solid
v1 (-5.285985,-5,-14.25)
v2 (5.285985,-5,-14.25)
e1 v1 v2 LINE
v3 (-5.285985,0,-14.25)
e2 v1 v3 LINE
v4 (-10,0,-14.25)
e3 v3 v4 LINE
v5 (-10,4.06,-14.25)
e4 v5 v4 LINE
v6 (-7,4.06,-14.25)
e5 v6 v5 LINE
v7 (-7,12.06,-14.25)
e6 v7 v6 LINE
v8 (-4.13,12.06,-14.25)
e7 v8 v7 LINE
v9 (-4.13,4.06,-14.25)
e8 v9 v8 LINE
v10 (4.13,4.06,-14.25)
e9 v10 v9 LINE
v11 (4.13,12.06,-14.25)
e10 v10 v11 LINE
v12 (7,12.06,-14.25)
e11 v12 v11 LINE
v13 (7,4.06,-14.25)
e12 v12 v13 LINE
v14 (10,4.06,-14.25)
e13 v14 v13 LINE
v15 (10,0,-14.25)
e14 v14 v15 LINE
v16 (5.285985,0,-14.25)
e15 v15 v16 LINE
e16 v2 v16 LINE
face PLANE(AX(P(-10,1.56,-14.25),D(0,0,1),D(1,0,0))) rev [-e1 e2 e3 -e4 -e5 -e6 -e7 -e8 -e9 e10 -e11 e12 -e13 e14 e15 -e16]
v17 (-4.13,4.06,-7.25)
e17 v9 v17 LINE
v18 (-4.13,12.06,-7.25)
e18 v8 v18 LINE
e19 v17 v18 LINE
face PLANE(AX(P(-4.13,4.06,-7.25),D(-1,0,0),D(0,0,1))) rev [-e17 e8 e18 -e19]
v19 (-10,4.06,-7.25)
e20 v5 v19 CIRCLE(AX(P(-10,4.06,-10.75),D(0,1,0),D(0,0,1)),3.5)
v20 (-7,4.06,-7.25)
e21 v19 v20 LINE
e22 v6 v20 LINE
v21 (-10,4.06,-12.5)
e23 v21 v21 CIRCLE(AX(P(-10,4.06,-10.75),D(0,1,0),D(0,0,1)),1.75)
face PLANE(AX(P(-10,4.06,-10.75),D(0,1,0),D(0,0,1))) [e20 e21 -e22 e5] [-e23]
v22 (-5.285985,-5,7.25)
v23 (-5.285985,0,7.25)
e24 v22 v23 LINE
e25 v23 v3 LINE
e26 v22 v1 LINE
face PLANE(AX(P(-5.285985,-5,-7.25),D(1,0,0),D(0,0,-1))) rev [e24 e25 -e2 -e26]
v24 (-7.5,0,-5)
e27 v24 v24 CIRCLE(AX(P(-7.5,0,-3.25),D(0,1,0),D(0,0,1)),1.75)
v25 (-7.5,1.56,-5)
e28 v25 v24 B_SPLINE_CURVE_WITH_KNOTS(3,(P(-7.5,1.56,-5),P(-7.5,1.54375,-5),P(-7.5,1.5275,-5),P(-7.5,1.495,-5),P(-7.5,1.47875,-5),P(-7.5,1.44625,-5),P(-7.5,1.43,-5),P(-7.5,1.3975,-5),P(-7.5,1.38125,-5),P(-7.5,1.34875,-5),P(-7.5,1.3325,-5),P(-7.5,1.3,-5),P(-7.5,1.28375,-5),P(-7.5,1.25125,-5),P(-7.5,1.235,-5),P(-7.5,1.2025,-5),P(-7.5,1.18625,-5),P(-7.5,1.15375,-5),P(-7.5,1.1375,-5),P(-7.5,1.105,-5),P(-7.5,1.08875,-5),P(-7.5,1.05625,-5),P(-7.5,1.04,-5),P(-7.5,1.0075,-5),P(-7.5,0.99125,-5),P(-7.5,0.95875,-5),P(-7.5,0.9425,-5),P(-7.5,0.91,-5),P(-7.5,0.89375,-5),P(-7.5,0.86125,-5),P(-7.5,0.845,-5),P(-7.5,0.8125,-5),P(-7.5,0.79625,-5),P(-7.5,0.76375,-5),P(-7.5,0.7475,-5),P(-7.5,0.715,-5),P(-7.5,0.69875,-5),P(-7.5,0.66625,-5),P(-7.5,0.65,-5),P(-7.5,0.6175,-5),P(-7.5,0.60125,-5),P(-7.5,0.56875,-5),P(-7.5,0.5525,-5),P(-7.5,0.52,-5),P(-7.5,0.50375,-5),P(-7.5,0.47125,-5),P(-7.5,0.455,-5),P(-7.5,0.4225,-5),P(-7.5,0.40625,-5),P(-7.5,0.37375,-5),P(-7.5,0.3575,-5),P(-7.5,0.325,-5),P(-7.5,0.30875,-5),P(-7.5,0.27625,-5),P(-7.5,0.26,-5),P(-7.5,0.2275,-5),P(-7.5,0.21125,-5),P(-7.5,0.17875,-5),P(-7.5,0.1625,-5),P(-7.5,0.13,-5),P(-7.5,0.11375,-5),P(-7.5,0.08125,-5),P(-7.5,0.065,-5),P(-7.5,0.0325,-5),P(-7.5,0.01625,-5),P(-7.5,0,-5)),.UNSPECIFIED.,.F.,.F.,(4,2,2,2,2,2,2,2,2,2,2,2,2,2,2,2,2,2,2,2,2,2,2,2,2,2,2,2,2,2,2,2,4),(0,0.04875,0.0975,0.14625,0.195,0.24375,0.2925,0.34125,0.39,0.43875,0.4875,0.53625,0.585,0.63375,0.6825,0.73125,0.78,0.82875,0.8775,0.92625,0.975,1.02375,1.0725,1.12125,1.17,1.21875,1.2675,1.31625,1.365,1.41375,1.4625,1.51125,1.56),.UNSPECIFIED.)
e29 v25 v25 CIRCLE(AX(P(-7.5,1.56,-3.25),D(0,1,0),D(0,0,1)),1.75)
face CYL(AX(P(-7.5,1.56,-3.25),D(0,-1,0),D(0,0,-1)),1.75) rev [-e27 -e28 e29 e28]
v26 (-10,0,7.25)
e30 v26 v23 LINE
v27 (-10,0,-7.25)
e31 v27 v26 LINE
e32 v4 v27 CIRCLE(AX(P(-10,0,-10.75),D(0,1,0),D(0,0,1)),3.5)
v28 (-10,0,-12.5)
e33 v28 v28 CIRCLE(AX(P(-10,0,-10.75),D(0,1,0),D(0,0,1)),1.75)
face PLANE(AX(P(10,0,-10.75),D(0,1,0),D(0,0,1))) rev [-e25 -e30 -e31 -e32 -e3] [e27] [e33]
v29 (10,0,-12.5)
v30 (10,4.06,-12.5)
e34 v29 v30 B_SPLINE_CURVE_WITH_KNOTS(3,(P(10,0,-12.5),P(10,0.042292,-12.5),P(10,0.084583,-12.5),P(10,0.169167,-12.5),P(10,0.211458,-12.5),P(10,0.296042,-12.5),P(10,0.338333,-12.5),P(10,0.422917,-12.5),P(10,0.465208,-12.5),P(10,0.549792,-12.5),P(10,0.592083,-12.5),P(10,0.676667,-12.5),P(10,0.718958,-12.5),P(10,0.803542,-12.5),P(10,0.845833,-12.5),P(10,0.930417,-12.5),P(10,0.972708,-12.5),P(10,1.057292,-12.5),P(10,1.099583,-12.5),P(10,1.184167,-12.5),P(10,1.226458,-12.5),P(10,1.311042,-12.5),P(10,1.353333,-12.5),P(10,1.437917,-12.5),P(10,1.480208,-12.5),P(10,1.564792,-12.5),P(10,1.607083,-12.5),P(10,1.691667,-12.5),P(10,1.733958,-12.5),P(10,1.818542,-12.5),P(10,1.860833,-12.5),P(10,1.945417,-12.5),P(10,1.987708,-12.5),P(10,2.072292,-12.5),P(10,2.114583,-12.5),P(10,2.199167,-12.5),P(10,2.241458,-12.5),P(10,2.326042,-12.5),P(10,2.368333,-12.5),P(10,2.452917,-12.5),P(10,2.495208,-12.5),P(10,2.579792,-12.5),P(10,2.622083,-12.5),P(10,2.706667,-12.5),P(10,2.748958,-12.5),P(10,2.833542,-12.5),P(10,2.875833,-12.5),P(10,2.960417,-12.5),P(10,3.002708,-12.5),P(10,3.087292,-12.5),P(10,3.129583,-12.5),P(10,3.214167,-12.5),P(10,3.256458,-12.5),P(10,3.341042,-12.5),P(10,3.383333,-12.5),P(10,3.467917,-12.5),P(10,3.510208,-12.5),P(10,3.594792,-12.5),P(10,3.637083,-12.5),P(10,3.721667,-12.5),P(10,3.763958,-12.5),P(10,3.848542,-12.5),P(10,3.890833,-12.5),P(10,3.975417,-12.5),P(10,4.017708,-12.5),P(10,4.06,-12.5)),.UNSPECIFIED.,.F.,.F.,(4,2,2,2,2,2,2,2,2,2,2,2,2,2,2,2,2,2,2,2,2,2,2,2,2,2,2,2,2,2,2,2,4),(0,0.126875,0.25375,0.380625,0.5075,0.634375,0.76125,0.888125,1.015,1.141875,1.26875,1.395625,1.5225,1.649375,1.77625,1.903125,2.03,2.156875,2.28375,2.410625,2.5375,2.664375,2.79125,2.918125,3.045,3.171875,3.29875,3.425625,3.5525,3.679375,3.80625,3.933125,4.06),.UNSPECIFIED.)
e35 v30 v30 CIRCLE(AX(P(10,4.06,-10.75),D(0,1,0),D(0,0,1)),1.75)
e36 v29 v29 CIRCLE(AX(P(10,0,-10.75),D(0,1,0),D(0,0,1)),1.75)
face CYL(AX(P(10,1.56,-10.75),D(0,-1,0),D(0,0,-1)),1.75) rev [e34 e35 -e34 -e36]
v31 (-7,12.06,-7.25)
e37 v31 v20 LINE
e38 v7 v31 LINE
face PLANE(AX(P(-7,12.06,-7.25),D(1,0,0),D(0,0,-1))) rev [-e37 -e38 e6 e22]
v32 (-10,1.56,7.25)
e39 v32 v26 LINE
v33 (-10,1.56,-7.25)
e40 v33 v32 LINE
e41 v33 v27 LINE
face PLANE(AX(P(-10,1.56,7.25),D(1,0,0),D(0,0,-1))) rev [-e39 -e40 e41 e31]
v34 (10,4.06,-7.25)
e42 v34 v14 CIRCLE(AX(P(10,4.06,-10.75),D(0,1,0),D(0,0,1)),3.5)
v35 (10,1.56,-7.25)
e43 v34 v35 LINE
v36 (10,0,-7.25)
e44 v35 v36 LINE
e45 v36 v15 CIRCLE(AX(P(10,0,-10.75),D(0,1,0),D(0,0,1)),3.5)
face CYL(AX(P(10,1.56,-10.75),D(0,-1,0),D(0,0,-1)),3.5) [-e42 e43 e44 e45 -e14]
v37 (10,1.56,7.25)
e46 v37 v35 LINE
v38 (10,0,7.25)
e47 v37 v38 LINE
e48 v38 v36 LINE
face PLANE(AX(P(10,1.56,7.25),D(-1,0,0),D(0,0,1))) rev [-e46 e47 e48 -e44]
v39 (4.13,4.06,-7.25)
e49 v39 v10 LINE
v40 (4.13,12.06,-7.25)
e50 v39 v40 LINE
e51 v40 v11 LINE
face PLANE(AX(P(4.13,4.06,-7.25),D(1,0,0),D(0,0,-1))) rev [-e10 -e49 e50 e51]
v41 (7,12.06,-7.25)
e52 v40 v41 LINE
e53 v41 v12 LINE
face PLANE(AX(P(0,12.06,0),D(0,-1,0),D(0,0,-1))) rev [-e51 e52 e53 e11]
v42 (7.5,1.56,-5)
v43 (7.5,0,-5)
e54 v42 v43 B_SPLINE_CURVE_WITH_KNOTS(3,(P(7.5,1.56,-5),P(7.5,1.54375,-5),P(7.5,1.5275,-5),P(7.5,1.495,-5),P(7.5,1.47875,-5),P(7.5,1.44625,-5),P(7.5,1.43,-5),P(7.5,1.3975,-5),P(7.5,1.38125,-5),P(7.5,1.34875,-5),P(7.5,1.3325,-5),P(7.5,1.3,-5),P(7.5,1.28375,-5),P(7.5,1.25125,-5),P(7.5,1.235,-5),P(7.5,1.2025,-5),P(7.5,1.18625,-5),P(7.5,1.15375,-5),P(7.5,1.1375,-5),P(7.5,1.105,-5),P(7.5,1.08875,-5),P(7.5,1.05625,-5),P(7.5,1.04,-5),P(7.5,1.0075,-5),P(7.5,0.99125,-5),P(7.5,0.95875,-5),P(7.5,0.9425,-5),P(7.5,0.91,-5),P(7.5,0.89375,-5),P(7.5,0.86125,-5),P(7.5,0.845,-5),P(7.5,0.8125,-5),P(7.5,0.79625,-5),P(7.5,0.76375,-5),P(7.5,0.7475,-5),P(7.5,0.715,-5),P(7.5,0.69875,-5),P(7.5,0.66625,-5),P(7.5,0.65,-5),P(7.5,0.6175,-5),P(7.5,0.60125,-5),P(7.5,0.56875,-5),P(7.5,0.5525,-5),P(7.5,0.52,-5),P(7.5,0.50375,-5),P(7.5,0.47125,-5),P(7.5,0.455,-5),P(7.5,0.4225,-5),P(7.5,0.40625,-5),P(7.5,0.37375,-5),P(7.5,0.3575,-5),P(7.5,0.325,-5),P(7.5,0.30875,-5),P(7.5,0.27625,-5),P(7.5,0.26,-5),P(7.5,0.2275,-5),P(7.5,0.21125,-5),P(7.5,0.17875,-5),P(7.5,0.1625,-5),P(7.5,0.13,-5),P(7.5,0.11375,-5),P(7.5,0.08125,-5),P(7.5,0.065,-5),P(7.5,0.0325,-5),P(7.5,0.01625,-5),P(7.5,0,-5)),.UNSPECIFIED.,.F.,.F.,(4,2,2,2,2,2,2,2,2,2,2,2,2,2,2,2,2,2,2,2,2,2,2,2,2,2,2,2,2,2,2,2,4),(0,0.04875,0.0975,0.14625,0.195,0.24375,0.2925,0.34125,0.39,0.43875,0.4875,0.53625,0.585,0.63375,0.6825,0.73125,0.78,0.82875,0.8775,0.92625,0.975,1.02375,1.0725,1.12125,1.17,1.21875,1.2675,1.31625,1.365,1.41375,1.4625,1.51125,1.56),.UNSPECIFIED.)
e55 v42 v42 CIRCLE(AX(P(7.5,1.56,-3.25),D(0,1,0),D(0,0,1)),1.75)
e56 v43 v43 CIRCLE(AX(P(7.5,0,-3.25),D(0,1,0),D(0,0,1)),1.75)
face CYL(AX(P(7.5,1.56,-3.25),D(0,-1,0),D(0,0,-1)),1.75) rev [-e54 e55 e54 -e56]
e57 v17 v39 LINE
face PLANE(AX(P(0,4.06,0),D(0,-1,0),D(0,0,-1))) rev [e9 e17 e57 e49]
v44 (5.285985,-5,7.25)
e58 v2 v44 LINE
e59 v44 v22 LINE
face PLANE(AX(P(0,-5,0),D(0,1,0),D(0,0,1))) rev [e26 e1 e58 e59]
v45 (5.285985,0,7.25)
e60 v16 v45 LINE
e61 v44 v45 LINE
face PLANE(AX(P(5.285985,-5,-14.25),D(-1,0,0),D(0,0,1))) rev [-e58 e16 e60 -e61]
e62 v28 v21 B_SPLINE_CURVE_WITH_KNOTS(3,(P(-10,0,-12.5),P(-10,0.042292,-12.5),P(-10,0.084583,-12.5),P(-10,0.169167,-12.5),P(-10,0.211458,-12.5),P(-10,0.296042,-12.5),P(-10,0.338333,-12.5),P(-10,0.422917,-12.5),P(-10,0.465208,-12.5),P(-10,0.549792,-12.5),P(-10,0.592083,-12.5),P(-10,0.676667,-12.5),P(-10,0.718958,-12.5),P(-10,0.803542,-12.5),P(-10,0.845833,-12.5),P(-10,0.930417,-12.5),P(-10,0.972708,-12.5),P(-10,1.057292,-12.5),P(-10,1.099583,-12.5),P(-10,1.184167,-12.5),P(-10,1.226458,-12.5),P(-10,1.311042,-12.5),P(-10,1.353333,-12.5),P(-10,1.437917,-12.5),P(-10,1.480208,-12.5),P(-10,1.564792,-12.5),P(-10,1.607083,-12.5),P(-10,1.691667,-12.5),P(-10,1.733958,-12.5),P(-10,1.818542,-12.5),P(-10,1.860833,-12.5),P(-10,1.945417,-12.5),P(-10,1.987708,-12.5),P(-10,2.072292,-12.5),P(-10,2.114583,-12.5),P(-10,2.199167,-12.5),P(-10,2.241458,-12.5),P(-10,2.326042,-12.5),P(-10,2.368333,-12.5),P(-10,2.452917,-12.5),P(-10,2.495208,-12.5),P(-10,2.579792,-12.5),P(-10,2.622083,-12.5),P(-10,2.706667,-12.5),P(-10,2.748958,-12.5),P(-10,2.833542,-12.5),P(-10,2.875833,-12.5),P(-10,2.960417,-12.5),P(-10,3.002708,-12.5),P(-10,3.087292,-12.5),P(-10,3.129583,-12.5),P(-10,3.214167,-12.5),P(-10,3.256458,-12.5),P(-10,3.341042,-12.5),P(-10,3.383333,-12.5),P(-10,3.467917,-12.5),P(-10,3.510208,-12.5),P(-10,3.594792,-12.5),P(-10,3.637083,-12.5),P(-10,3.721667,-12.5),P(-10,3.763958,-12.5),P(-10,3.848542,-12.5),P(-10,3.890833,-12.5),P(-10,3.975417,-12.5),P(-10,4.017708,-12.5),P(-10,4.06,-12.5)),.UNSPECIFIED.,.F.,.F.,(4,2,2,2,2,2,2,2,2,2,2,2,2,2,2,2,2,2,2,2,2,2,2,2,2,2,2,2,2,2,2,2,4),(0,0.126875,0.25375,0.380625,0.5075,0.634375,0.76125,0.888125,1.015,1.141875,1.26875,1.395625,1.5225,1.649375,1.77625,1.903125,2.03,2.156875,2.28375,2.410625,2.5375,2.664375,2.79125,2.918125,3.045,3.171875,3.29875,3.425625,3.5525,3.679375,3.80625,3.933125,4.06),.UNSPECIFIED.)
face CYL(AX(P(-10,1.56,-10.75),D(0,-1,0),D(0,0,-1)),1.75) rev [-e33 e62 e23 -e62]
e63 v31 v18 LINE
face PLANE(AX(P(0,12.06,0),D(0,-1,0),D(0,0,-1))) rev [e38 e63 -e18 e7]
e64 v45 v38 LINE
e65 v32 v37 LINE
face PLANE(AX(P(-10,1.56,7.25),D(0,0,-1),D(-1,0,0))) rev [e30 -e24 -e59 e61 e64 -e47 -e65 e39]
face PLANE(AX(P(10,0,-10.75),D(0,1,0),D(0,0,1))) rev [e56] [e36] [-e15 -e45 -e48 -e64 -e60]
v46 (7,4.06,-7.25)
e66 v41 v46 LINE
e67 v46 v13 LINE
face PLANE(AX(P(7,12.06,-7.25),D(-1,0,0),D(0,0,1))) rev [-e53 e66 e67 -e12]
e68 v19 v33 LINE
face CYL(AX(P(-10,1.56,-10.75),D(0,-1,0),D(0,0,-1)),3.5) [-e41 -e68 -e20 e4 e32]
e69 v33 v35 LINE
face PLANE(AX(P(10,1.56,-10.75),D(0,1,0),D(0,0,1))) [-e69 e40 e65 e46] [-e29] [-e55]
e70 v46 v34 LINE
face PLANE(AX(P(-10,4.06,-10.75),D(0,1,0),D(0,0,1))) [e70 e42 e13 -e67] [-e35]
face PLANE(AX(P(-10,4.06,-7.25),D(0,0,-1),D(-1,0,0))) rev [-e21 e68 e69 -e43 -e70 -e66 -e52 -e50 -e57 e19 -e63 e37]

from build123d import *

# Parameters (mm, degrees)
SKETCH1_R           = 1.75
BOSS_EXTRUDE1_DEPTH = 1.56
SKETCH2_R           = 1.75
BOSS_EXTRUDE2_DEPTH = 2.5
SKETCH3_W           = 14
SKETCH3_H           = 7
BOSS_EXTRUDE3_DEPTH = 8
SKETCH4_W           = 8.26
SKETCH4_H           = 7
CUT_EXTRUDE1_DEPTH  = 8
BOSS_EXTRUDE4_DEPTH = 5


with BuildPart() as part:
    # Sketch1 → Boss-Extrude1 (new body)
    with BuildSketch(Plane(origin=(0, 0, 0), x_dir=(1, 0, 0), z_dir=(0, 1, 0))):
        with BuildLine():
            Line((-10, 14.25), (10, 14.25))
            ThreePointArc((10, 14.25), (13.5, 10.75), (10, 7.25))
            Line((10, 7.25), (10, -7.25))
            Line((10, -7.25), (-10, -7.25))
            Line((-10, -7.25), (-10, 7.25))
            ThreePointArc((-10, 7.25), (-13.5, 10.75), (-10, 14.25))
        make_face()
        with Locations(Location((-10, 10.75, 0), (0, 0, 90))):
            Circle(SKETCH1_R, mode=Mode.SUBTRACT)
        with Locations(Location((10, 10.75, 0), (0, 0, 90))):
            Circle(SKETCH1_R, mode=Mode.SUBTRACT)
        with Locations(Location((-7.5, 3.25, 0), (0, 0, 90))):
            Circle(SKETCH1_R, mode=Mode.SUBTRACT)
        with Locations(Location((7.5, 3.25, 0), (0, 0, 90))):
            Circle(SKETCH1_R, mode=Mode.SUBTRACT)
    extrude(amount=BOSS_EXTRUDE1_DEPTH)

    # Sketch2 → Boss-Extrude2 (add)
    with BuildSketch(Plane(origin=(0, 1.56, 0), x_dir=(1, 0, 0), z_dir=(0, 1, 0))):
        with BuildLine():
            Line((-10, 14.25), (10, 14.25))
            ThreePointArc((10, 14.25), (13.5, 10.75), (10, 7.25))
            Line((10, 7.25), (-10, 7.25))
            ThreePointArc((-10, 7.25), (-13.5, 10.75), (-10, 14.25))
        make_face()
        with Locations(Location((-10, 10.75, 0), (0, 0, 90))):
            Circle(SKETCH2_R, mode=Mode.SUBTRACT)
        with Locations(Location((10, 10.75, 0), (0, 0, 90))):
            Circle(SKETCH2_R, mode=Mode.SUBTRACT)
    extrude(amount=BOSS_EXTRUDE2_DEPTH)

    # Sketch3 → Boss-Extrude3 (add)
    with BuildSketch(Plane(origin=(0, 4.06, 0), x_dir=(1, 0, 0), z_dir=(0, 1, 0))):
        with Locations((0, 10.75)):
            Rectangle(SKETCH3_W, SKETCH3_H)
    extrude(amount=BOSS_EXTRUDE3_DEPTH)

    # Sketch4 → Cut-Extrude1 (cut)
    with BuildSketch(Plane(origin=(0, 12.06, 0), x_dir=(1, 0, 0), z_dir=(0, 1, 0))):
        with Locations((0, 10.75)):
            Rectangle(SKETCH4_W, SKETCH4_H)
    extrude(amount=-CUT_EXTRUDE1_DEPTH, mode=Mode.SUBTRACT)

    # Sketch5 → Boss-Extrude4 (add)
    with BuildSketch(Plane.XZ):
        Polygon((-5.285984698, -7.25), (-5.285984698, -14.25), (5.285984698, -14.25), (5.285984698, -7.25), (5.285984698, 7.25), (-5.285984698, 7.25), align=None)
    extrude(amount=BOSS_EXTRUDE4_DEPTH)


solid = part.part
